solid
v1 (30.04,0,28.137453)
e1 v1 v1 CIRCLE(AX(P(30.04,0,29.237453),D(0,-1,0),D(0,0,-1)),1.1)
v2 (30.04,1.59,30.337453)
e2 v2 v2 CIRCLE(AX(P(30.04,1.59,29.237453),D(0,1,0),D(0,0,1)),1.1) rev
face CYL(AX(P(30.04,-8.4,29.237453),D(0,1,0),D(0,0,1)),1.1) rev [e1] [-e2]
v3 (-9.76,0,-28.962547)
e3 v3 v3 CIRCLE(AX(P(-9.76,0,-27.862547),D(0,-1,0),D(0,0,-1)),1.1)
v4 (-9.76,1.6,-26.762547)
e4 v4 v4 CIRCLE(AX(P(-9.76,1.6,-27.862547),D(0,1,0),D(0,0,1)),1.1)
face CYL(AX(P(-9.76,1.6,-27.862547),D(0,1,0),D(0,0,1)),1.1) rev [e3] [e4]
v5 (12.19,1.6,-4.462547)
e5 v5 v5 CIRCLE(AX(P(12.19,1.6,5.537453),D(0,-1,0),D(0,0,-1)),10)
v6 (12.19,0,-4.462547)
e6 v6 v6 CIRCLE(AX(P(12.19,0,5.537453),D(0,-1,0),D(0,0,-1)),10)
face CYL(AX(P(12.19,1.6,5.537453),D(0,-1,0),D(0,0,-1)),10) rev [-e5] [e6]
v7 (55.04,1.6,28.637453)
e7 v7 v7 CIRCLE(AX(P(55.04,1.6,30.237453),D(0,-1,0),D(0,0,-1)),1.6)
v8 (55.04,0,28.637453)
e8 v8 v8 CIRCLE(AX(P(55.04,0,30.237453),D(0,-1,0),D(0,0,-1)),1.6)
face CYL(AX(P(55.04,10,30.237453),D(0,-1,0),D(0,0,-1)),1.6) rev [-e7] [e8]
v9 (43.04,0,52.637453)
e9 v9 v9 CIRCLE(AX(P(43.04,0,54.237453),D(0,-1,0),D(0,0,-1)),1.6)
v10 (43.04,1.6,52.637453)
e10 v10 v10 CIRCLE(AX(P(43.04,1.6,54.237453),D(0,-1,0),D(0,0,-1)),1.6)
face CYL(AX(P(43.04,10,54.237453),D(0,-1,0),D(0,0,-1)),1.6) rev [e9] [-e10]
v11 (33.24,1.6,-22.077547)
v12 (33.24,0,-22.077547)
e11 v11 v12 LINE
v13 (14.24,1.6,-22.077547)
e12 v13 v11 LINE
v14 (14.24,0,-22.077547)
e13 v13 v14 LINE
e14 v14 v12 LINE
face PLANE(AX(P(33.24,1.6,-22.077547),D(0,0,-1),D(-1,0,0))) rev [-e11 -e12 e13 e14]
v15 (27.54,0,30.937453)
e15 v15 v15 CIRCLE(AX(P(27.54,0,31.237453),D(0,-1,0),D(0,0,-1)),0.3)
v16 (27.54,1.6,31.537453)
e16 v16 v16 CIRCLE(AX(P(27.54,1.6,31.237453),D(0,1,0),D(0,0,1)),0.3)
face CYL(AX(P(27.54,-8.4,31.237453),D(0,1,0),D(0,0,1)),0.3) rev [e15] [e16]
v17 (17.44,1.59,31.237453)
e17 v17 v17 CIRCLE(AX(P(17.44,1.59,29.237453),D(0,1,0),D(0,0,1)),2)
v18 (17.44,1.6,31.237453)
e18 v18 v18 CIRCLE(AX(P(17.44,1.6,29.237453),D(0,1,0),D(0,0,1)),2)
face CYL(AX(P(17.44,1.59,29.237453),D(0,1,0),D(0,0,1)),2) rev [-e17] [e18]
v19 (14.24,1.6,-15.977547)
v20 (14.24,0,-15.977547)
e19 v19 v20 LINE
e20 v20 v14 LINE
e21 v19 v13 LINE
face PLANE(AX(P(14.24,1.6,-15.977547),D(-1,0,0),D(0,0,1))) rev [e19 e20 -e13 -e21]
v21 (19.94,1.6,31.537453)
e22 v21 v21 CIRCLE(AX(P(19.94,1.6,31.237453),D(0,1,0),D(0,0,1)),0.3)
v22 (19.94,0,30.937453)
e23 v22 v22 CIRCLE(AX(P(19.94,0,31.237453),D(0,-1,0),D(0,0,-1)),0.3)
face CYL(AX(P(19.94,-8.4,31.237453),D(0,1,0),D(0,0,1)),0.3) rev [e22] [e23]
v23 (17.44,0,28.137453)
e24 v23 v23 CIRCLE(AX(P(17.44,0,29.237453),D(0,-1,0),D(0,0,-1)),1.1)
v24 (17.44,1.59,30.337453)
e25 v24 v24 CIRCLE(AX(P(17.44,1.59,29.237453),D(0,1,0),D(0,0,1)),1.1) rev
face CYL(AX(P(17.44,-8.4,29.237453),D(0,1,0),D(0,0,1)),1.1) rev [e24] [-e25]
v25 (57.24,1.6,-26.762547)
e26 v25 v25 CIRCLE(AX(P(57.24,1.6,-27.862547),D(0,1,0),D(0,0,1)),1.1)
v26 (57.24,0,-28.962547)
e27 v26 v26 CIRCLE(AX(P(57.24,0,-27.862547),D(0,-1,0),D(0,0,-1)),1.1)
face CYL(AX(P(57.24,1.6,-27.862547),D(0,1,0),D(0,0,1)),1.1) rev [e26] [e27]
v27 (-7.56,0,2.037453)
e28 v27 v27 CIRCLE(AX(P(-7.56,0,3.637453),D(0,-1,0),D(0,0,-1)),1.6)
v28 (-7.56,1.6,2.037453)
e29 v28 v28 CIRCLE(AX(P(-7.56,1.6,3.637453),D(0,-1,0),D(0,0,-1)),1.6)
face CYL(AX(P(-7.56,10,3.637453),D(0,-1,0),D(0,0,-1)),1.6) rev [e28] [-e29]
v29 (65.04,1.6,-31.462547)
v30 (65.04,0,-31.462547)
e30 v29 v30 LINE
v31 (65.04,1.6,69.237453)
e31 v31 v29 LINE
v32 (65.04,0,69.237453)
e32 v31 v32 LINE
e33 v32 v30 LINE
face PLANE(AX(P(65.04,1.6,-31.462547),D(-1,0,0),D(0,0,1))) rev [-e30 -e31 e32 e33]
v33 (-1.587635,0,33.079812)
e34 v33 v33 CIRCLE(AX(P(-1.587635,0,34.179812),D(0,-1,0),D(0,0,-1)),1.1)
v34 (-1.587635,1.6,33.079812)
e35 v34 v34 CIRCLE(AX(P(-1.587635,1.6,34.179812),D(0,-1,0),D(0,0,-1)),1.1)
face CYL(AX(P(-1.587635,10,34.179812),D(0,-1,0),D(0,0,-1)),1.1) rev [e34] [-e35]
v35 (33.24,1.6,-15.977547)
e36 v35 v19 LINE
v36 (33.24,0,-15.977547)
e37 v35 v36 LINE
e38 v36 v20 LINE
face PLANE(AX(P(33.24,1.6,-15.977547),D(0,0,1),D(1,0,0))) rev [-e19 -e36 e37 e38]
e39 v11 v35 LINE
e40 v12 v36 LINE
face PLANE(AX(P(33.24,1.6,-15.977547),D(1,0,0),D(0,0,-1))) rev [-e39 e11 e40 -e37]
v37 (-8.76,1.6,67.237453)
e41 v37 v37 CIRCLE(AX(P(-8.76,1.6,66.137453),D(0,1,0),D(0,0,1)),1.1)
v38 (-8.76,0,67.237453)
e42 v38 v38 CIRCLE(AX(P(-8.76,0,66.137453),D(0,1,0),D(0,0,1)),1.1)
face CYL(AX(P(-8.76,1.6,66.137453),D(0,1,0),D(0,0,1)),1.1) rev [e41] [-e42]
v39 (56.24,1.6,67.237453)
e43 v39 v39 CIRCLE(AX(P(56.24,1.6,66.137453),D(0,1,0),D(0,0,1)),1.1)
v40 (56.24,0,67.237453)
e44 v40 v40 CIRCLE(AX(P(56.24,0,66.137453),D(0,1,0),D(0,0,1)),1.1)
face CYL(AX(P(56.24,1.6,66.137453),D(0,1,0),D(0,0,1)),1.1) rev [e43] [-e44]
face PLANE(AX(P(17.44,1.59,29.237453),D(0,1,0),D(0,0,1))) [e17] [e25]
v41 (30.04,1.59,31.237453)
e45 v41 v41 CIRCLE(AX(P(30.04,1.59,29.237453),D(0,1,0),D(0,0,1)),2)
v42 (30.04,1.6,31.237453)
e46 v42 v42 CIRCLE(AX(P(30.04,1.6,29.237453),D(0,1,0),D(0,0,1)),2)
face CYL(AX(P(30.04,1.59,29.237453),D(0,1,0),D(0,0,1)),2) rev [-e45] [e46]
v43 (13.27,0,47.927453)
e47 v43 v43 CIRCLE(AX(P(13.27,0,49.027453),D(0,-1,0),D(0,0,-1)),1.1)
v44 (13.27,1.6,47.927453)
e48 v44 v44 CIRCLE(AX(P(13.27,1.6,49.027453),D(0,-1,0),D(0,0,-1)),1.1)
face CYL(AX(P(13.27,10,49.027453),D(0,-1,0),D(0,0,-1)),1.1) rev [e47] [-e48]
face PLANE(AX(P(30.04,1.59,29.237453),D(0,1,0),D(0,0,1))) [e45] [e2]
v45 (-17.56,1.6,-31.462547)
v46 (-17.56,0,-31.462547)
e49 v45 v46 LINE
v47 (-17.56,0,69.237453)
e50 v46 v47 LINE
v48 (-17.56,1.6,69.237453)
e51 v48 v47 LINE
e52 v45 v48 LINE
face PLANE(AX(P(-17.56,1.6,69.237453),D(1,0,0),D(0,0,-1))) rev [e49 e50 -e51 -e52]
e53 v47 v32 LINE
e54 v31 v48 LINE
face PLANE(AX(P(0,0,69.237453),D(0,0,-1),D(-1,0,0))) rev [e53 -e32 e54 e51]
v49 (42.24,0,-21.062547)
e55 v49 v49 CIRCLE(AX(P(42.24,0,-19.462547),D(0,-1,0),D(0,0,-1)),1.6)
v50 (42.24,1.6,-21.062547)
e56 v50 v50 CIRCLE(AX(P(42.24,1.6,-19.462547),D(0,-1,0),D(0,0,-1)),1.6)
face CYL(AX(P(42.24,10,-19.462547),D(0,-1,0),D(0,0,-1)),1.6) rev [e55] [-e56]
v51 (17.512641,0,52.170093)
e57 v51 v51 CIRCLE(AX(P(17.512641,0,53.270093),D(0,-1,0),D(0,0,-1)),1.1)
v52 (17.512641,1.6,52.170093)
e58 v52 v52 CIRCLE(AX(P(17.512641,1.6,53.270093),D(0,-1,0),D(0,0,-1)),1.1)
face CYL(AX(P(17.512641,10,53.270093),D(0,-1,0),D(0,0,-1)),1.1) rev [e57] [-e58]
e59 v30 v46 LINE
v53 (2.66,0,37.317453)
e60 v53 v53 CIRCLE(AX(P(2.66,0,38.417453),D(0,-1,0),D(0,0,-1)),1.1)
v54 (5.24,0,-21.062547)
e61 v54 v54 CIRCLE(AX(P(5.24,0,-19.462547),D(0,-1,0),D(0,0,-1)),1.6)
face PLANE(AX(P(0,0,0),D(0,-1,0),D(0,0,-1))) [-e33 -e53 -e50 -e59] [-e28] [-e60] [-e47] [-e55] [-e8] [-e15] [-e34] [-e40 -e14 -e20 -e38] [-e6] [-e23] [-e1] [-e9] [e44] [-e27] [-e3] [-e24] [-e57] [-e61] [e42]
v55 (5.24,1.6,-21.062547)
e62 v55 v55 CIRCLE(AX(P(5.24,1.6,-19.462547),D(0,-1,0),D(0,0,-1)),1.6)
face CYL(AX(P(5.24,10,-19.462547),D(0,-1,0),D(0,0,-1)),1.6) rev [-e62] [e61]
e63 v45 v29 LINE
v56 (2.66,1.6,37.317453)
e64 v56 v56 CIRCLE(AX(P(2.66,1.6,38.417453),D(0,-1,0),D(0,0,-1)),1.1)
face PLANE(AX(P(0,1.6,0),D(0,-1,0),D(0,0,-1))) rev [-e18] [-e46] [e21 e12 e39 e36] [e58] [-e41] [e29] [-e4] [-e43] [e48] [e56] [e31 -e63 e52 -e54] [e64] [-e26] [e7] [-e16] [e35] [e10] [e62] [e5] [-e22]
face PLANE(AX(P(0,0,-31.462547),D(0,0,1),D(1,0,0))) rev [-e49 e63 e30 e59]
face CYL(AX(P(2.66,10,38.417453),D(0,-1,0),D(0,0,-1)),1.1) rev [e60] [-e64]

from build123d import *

# Parameters (mm, degrees)
BOSS_EXTRUDE1_DEPTH            = 1.6
F_2_2_2_2_DIAMETER_HOLE1_D     = 2.2
F_2_2_2_2_DIAMETER_HOLE1_DEPTH = 5
SKETCH9_R                      = 10
CUT_EXTRUDE4_DEPTH             = 2.6
SKETCH15_W                     = 83
SKETCH15_H                     = 2.5
CUT_EXTRUDE8_DEPTH             = 2.6
SKETCH37_W                     = 83
SKETCH37_H                     = 1.6
EXTRUDE1_DEPTH                 = 1.6
SKETCH38_W                     = 83
SKETCH38_H                     = 1.6
EXTRUDE2_DEPTH                 = 1.6
F_2_2_2_2_DIAMETER_HOLE4_D     = 2.2
F_2_2_2_2_DIAMETER_HOLE4_DEPTH = 1.6
SKETCH49_W                     = 0.2
SKETCH49_H                     = 100.7
EXTRUDE5_DEPTH                 = 2.6
SKETCH52_W                     = 19
SKETCH52_H                     = 6.1
CUT_EXTRUDE10_DEPTH            = 2.6
SKETCH_2_R                     = 1.6
CUT_EXTRUDE_2_DEPTH            = 10
SKETCH_8_R                     = 0.3
CUT_EXTRUDE_3_DEPTH            = 10
SKETCH_9_R                     = 1.1
CUT_EXTRUDE_4_DEPTH            = 10
SKETCH_10_R                    = 2
CUT_EXTRUDE_5_DEPTH            = 0.01
SKETCH_11_R                    = 1.1
CUT_EXTRUDE_6_DEPTH            = 10


with BuildPart() as part:
    # Sketch1 → Boss-Extrude1 (new body)
    with BuildSketch(Plane(origin=(0, 0, 0), x_dir=(1, 0, 0), z_dir=(0, 1, 0))):
        Polygon((65.24, 0.272495156), (65.24, -46.437452638), (65.24, -63.637452638), (65.24, -70.137452638), (-17.76, -70.137452638), (-17.76, -63.637452638), (-17.76, -48.637452638), (-17.76, -45.78978272), (-17.76, 4.362547362), (-17.76, 21.562547362), (-17.76, 29.862547362), (65.24, 29.862547362), (65.24, 21.562547362), (65.24, 6.562547362), align=None)
    extrude(amount=BOSS_EXTRUDE1_DEPTH)

    # Ø2.2 (2.2) Diameter Hole1
    with Locations(Plane(origin=(0, 1.6, 0), x_dir=(1, 0, 0), z_dir=(0, 1, 0))):
        with Locations((57.24, 27.862547362), (-9.76, 27.862547362)):
            Hole(F_2_2_2_2_DIAMETER_HOLE1_D / 2, depth=F_2_2_2_2_DIAMETER_HOLE1_DEPTH)

    # Sketch9 → Cut-Extrude4 (cut, through all)
    with BuildSketch(Plane(origin=(0, 0, 0), x_dir=(-1, 0, 0), z_dir=(0, -1, 0))):
        with Locations((-12.19, -5.537452638)):
            Circle(SKETCH9_R)
    extrude(amount=-CUT_EXTRUDE4_DEPTH, mode=Mode.SUBTRACT)

    # Sketch15 → Cut-Extrude8 (cut, through all)
    with BuildSketch(Plane.XZ):
        with Locations((23.74, 68.887452638)):
            Rectangle(SKETCH15_W, SKETCH15_H)
    extrude(amount=-CUT_EXTRUDE8_DEPTH, mode=Mode.SUBTRACT)

    # Sketch37 → Extrude1 (add)
    with BuildSketch(Plane(origin=(0, 0, -29.862547362), x_dir=(-1, 0, 0), z_dir=(0, 0, -1))):
        with Locations((-23.74, 0.8)):
            Rectangle(SKETCH37_W, SKETCH37_H)
    extrude(amount=EXTRUDE1_DEPTH)

    # Sketch38 → Extrude2 (add)
    with BuildSketch(Plane.XY.offset(67.637452638)):
        with Locations((23.74, 0.8)):
            Rectangle(SKETCH38_W, SKETCH38_H)
    extrude(amount=EXTRUDE2_DEPTH)

    # Ø2.2 (2.2) Diameter Hole4
    with Locations(Plane(origin=(0, 1.6, 0), x_dir=(1, 0, 0), z_dir=(0, 1, 0))):
        with Locations((-8.76, -66.137452638), (56.24, -66.137452638)):
            Hole(F_2_2_2_2_DIAMETER_HOLE4_D / 2, depth=F_2_2_2_2_DIAMETER_HOLE4_DEPTH)

    # Sketch49 → Extrude5 (cut, through all)
    with BuildSketch(Plane.XZ):
        with Locations((65.14, 18.887452638)):
            Rectangle(SKETCH49_W, SKETCH49_H)
        with Locations((-17.66, 18.887452638)):
            Rectangle(SKETCH49_W, SKETCH49_H)
    extrude(amount=-EXTRUDE5_DEPTH, mode=Mode.SUBTRACT)

    # Sketch52 → Cut-Extrude10 (cut, through all)
    with BuildSketch(Plane.XZ):
        with Locations((23.74, -19.027547362)):
            Rectangle(SKETCH52_W, SKETCH52_H)
    extrude(amount=-CUT_EXTRUDE10_DEPTH, mode=Mode.SUBTRACT)

    # ｽｹｯﾁ2 → ｶｯﾄ - 押し出し2 (cut)
    with BuildSketch(Plane(origin=(0, 0, 0), x_dir=(-1, 0, 0), z_dir=(0, -1, 0))):
        with Locations((-55.04, -30.237452638)):
            Circle(SKETCH_2_R)
        with Locations((7.56, -3.637452638)):
            Circle(SKETCH_2_R)
        with Locations((-42.24, 19.462547362)):
            Circle(SKETCH_2_R)
        with Locations((-5.24, 19.462547362)):
            Circle(SKETCH_2_R)
        with Locations((-43.04, -54.237452638)):
            Circle(SKETCH_2_R)
    extrude(amount=-CUT_EXTRUDE_2_DEPTH, mode=Mode.SUBTRACT)

    # ｽｹｯﾁ8 → ｶｯﾄ - 押し出し3 (cut)
    with BuildSketch(Plane(origin=(0, 1.6, 0), x_dir=(1, 0, 0), z_dir=(0, 1, 0))):
        with Locations((27.54, -31.237452638)):
            Circle(SKETCH_8_R)
        with Locations((19.94, -31.237452638)):
            Circle(SKETCH_8_R)
    extrude(amount=-CUT_EXTRUDE_3_DEPTH, mode=Mode.SUBTRACT)

    # ｽｹｯﾁ9 → ｶｯﾄ - 押し出し4 (cut)
    with BuildSketch(Plane(origin=(0, 1.6, 0), x_dir=(1, 0, 0), z_dir=(0, 1, 0))):
        with Locations((30.04, -29.237452638)):
            Circle(SKETCH_9_R)
        with Locations((17.44, -29.237452638)):
            Circle(SKETCH_9_R)
    extrude(amount=-CUT_EXTRUDE_4_DEPTH, mode=Mode.SUBTRACT)

    # ｽｹｯﾁ10 → ｶｯﾄ - 押し出し5 (cut)
    with BuildSketch(Plane(origin=(0, 1.6, 0), x_dir=(1, 0, 0), z_dir=(0, 1, 0))):
        with Locations((30.04, -29.237452638)):
            Circle(SKETCH_10_R)
        with Locations((17.44, -29.237452638)):
            Circle(SKETCH_10_R)
    extrude(amount=-CUT_EXTRUDE_5_DEPTH, mode=Mode.SUBTRACT)

    # ｽｹｯﾁ11 → ｶｯﾄ - 押し出し6 (cut)
    with BuildSketch(Plane.XZ):
        with Locations((17.512640687, 53.270093325)):
            Circle(SKETCH_11_R)
        with Locations((13.27, 49.027452638)):
            Circle(SKETCH_11_R)
        with Locations((2.66, 38.417452638)):
            Circle(SKETCH_11_R)
        with Locations((-1.587634962, 34.179812111)):
            Circle(SKETCH_11_R)
    extrude(amount=-CUT_EXTRUDE_6_DEPTH, mode=Mode.SUBTRACT)


solid = part.part
